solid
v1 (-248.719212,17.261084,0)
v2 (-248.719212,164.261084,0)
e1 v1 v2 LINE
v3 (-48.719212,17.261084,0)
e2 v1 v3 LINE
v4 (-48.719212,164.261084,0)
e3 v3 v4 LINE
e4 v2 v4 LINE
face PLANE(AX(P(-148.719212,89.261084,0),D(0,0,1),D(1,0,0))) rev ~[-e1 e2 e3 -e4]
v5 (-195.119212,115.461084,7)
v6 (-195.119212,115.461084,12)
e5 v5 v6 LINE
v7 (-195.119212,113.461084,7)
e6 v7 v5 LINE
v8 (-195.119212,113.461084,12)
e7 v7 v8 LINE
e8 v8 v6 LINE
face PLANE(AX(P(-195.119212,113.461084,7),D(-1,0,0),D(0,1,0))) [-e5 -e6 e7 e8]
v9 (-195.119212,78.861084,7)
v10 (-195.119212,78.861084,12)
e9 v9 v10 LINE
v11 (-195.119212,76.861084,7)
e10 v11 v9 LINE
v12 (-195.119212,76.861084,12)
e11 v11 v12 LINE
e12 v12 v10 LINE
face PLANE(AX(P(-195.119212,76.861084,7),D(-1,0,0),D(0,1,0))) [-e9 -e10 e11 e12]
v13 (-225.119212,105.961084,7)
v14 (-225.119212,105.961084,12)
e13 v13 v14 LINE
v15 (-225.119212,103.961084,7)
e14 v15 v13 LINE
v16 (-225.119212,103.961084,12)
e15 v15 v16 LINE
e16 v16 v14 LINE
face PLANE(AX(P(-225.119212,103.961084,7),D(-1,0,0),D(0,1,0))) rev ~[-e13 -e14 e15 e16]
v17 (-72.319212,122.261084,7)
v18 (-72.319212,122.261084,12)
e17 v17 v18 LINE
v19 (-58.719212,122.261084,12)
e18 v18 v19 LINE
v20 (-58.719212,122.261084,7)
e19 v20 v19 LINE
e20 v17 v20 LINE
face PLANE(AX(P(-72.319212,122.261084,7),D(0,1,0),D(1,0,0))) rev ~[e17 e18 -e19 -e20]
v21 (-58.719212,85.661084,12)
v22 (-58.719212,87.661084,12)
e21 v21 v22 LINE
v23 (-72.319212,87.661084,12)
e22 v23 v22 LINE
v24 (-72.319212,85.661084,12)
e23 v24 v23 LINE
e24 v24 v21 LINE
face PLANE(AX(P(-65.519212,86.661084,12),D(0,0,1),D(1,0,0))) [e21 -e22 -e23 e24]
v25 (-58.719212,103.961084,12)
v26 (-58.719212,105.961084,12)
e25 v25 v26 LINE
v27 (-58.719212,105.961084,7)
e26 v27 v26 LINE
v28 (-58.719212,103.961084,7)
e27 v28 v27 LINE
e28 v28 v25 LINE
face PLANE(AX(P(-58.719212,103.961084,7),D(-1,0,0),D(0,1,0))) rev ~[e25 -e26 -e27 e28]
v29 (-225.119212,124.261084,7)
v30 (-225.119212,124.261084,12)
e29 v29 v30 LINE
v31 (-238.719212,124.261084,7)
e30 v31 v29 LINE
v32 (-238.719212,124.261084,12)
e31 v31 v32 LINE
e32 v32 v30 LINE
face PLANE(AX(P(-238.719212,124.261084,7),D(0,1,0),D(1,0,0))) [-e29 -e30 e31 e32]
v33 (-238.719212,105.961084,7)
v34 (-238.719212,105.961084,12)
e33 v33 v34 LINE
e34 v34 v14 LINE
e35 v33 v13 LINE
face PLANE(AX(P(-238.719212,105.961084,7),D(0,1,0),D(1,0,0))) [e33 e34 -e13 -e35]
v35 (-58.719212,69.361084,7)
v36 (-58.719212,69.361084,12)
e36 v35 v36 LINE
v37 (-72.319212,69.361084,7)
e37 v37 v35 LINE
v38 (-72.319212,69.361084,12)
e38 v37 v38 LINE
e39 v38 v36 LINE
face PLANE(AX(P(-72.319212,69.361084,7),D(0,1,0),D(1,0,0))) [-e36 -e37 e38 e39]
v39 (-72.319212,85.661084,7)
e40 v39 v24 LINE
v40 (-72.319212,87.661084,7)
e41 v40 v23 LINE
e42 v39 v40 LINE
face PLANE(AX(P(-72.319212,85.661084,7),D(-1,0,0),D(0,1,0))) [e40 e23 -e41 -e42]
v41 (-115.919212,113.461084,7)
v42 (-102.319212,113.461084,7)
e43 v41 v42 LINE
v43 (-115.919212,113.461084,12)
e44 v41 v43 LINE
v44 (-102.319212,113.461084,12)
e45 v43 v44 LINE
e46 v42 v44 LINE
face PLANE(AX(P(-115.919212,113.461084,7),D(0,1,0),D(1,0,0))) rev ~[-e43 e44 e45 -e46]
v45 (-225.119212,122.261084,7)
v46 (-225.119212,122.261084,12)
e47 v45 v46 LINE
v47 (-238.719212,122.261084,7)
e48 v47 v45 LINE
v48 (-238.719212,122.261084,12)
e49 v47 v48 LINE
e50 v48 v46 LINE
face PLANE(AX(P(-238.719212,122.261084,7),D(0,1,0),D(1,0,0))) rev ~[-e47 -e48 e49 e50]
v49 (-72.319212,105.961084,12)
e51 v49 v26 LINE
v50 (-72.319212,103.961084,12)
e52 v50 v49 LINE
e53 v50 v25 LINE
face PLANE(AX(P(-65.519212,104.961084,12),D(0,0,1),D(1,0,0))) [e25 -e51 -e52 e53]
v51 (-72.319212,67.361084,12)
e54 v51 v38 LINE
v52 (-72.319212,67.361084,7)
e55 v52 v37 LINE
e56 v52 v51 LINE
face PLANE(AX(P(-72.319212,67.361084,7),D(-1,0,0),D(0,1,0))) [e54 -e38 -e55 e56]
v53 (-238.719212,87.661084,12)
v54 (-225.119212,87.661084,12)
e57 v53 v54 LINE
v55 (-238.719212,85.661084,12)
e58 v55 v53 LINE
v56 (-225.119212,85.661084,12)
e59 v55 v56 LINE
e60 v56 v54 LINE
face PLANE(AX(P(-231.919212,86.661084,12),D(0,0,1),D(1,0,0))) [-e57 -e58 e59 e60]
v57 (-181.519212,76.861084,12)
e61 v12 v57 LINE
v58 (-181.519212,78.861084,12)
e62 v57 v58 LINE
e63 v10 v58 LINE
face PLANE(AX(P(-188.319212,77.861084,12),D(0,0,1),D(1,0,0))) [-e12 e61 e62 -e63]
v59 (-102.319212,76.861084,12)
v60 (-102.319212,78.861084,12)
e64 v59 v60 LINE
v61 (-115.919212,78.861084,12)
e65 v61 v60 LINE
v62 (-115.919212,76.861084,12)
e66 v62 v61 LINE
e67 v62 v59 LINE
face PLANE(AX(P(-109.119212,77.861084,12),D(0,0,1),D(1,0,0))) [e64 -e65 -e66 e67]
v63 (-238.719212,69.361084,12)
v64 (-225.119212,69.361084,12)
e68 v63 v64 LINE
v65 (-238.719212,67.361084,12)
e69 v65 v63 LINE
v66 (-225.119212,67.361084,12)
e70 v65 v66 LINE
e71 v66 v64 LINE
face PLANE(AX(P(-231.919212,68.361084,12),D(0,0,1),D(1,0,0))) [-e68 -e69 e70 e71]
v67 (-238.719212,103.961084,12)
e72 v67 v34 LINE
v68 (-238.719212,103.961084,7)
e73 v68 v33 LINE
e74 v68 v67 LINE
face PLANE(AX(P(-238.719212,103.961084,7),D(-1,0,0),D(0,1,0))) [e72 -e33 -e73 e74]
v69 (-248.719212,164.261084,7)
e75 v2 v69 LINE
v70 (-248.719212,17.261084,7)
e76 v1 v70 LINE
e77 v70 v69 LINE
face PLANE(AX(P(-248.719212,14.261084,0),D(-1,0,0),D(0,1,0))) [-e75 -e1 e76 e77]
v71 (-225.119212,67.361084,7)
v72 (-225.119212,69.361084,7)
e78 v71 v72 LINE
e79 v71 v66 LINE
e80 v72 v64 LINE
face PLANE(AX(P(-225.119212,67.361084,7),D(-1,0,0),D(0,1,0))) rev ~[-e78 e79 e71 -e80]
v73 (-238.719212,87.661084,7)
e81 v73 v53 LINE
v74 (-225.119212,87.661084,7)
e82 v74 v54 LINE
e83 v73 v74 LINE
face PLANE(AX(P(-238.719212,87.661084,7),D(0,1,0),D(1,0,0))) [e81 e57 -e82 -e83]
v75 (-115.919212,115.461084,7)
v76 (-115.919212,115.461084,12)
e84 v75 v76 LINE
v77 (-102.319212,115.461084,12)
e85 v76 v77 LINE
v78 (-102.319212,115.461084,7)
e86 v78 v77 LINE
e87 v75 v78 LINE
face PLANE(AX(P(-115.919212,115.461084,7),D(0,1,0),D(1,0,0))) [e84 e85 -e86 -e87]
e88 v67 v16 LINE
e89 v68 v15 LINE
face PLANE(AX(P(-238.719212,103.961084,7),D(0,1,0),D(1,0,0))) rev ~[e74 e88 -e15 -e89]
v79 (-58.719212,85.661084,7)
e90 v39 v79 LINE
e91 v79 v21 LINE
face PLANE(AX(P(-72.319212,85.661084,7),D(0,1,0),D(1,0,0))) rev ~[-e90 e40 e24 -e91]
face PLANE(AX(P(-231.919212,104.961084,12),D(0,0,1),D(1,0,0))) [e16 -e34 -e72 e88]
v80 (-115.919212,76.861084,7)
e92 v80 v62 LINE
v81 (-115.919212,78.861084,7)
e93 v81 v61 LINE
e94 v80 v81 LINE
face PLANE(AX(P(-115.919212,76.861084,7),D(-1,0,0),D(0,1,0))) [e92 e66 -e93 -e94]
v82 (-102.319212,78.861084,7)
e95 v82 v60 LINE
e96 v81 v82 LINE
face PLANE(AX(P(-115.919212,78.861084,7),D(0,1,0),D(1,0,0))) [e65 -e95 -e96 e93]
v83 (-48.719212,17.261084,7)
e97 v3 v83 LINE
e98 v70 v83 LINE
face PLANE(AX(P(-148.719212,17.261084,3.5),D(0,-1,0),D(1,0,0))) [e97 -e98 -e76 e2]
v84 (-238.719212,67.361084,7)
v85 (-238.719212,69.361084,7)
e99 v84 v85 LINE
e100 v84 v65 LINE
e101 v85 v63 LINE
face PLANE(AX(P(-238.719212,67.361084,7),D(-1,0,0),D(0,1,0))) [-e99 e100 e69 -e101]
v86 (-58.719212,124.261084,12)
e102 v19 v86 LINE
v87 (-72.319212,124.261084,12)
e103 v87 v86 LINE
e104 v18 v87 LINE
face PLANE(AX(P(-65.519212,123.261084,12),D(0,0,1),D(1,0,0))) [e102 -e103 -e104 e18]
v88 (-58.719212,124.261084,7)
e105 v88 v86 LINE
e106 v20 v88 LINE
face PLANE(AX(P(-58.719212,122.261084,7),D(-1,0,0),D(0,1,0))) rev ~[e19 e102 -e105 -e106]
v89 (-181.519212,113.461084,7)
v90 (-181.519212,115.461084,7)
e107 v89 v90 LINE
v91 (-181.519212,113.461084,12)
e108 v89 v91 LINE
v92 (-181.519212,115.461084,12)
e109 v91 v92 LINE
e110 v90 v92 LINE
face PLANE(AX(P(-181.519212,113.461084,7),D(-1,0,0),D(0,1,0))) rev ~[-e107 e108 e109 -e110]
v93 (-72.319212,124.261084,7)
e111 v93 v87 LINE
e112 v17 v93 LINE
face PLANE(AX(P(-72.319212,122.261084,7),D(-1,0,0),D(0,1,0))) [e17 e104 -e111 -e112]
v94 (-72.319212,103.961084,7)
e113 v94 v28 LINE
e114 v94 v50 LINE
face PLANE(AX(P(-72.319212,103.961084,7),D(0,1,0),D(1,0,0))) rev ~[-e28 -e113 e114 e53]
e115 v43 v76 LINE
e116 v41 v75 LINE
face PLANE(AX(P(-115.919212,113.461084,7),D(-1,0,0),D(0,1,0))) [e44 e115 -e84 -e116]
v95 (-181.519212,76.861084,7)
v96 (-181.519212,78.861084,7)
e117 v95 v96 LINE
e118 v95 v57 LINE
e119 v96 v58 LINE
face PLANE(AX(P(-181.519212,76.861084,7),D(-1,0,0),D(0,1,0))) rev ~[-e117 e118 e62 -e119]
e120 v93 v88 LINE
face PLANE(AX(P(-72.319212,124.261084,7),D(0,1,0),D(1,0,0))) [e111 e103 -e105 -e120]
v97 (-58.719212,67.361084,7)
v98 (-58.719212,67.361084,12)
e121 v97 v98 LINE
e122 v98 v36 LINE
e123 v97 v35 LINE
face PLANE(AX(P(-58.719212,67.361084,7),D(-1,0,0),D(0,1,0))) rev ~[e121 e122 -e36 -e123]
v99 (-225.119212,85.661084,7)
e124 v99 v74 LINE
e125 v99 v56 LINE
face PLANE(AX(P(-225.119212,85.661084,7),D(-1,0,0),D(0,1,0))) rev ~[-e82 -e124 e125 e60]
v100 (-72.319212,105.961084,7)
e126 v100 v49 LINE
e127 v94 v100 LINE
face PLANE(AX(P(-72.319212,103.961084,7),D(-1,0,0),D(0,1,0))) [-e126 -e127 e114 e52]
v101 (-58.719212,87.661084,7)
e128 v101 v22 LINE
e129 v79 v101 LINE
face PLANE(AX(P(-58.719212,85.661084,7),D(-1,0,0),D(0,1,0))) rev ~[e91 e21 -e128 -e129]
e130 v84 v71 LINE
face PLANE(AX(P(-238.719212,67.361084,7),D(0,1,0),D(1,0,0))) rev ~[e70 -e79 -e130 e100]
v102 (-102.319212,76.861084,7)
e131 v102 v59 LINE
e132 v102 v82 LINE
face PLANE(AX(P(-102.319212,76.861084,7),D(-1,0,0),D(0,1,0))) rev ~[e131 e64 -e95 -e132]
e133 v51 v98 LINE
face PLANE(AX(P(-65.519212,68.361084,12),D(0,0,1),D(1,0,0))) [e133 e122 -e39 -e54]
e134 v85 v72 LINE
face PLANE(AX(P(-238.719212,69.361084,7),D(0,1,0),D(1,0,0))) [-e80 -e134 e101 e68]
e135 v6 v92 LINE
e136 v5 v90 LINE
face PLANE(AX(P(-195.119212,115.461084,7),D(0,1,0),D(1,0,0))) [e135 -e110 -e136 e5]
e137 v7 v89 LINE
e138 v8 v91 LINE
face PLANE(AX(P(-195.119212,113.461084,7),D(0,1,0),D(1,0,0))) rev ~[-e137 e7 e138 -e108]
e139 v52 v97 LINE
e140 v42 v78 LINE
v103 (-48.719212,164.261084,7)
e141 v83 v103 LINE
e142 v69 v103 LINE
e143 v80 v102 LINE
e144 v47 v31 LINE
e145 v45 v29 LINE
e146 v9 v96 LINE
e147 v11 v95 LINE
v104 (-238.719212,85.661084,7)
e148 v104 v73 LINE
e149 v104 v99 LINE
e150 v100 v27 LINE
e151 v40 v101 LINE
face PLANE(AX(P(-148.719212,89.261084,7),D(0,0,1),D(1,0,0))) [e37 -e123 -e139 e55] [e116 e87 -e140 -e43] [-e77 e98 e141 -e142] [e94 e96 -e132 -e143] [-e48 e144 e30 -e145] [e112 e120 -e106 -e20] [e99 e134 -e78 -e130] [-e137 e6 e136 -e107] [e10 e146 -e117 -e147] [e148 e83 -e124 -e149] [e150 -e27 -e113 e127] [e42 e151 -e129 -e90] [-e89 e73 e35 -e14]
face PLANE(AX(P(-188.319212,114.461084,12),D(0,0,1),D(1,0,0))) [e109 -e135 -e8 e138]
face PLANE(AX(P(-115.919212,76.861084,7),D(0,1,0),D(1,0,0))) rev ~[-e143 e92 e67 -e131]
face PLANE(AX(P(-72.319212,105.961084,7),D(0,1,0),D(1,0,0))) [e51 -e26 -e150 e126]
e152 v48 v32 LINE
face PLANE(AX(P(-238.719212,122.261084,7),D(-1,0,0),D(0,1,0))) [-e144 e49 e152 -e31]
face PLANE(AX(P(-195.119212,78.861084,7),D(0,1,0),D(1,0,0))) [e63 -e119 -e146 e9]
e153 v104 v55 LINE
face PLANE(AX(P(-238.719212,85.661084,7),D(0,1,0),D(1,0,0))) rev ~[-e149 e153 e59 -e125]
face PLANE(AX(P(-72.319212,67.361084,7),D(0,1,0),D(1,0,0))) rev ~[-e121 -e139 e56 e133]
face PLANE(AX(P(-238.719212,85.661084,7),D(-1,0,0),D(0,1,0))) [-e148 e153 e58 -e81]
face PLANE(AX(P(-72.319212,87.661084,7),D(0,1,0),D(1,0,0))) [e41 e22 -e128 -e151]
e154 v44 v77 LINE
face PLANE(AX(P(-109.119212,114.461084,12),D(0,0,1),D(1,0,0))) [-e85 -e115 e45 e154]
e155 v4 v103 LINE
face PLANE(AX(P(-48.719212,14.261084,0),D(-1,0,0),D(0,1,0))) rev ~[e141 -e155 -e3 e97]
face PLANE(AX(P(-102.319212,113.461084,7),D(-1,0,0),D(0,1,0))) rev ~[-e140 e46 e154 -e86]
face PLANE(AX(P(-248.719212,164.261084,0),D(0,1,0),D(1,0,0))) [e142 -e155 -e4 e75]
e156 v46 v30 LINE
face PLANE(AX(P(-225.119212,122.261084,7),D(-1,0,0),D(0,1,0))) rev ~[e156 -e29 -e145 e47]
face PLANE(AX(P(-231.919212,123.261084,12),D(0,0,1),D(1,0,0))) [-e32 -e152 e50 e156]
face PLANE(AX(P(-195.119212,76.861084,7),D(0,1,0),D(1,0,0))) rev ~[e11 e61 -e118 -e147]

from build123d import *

# Parameters (mm, degrees)
SKETCH1_W           = 200
SKETCH1_H           = 150
BOSS_EXTRUDE1_DEPTH = 7
SKETCH2_W           = 13.6
SKETCH2_H           = 2
BOSS_EXTRUDE2_DEPTH = 5
SKETCH3_W           = 200
SKETCH3_H           = 7
CUT_EXTRUDE1_DEPTH  = 3


with BuildPart() as part:
    # Sketch1 → Boss-Extrude1 (new body)
    with BuildSketch(Plane.XY):
        with Locations((-148.719211823, 89.261083744)):
            Rectangle(SKETCH1_W, SKETCH1_H)
    extrude(amount=BOSS_EXTRUDE1_DEPTH)

    # Sketch2 → Boss-Extrude2 (add)
    with BuildSketch(Plane.XY.offset(7)):
        with Locations((-109.119211823, 114.461083744)):
            Rectangle(SKETCH2_W, SKETCH2_H)
        with Locations((-65.519211823, 104.961083744)):
            Rectangle(SKETCH2_W, SKETCH2_H)
        with Locations((-65.519211823, 123.261083744)):
            Rectangle(SKETCH2_W, SKETCH2_H)
        with Locations((-65.519211823, 86.661083744)):
            Rectangle(SKETCH2_W, SKETCH2_H)
        with Locations((-65.519211823, 68.361083744)):
            Rectangle(SKETCH2_W, SKETCH2_H)
        with Locations((-231.919211823, 104.961083744)):
            Rectangle(SKETCH2_W, SKETCH2_H)
        with Locations((-231.919211823, 123.261083744)):
            Rectangle(SKETCH2_W, SKETCH2_H)
        with Locations((-231.919211823, 86.661083744)):
            Rectangle(SKETCH2_W, SKETCH2_H)
        with Locations((-231.919211823, 68.361083744)):
            Rectangle(SKETCH2_W, SKETCH2_H)
        with Locations((-188.319211823, 114.461083744)):
            Rectangle(SKETCH2_W, SKETCH2_H)
        with Locations((-188.319211823, 77.861083744)):
            Rectangle(SKETCH2_W, SKETCH2_H)
        with Locations((-109.119211823, 77.861083744)):
            Rectangle(SKETCH2_W, SKETCH2_H)
    extrude(amount=BOSS_EXTRUDE2_DEPTH)

    # Sketch3 → Cut-Extrude1 (cut)
    with BuildSketch(Plane.XZ.offset(-14.261083744)):
        with Locations((-148.719211823, 3.5)):
            Rectangle(SKETCH3_W, SKETCH3_H)
    extrude(amount=-CUT_EXTRUDE1_DEPTH, mode=Mode.SUBTRACT)


solid = part.part
